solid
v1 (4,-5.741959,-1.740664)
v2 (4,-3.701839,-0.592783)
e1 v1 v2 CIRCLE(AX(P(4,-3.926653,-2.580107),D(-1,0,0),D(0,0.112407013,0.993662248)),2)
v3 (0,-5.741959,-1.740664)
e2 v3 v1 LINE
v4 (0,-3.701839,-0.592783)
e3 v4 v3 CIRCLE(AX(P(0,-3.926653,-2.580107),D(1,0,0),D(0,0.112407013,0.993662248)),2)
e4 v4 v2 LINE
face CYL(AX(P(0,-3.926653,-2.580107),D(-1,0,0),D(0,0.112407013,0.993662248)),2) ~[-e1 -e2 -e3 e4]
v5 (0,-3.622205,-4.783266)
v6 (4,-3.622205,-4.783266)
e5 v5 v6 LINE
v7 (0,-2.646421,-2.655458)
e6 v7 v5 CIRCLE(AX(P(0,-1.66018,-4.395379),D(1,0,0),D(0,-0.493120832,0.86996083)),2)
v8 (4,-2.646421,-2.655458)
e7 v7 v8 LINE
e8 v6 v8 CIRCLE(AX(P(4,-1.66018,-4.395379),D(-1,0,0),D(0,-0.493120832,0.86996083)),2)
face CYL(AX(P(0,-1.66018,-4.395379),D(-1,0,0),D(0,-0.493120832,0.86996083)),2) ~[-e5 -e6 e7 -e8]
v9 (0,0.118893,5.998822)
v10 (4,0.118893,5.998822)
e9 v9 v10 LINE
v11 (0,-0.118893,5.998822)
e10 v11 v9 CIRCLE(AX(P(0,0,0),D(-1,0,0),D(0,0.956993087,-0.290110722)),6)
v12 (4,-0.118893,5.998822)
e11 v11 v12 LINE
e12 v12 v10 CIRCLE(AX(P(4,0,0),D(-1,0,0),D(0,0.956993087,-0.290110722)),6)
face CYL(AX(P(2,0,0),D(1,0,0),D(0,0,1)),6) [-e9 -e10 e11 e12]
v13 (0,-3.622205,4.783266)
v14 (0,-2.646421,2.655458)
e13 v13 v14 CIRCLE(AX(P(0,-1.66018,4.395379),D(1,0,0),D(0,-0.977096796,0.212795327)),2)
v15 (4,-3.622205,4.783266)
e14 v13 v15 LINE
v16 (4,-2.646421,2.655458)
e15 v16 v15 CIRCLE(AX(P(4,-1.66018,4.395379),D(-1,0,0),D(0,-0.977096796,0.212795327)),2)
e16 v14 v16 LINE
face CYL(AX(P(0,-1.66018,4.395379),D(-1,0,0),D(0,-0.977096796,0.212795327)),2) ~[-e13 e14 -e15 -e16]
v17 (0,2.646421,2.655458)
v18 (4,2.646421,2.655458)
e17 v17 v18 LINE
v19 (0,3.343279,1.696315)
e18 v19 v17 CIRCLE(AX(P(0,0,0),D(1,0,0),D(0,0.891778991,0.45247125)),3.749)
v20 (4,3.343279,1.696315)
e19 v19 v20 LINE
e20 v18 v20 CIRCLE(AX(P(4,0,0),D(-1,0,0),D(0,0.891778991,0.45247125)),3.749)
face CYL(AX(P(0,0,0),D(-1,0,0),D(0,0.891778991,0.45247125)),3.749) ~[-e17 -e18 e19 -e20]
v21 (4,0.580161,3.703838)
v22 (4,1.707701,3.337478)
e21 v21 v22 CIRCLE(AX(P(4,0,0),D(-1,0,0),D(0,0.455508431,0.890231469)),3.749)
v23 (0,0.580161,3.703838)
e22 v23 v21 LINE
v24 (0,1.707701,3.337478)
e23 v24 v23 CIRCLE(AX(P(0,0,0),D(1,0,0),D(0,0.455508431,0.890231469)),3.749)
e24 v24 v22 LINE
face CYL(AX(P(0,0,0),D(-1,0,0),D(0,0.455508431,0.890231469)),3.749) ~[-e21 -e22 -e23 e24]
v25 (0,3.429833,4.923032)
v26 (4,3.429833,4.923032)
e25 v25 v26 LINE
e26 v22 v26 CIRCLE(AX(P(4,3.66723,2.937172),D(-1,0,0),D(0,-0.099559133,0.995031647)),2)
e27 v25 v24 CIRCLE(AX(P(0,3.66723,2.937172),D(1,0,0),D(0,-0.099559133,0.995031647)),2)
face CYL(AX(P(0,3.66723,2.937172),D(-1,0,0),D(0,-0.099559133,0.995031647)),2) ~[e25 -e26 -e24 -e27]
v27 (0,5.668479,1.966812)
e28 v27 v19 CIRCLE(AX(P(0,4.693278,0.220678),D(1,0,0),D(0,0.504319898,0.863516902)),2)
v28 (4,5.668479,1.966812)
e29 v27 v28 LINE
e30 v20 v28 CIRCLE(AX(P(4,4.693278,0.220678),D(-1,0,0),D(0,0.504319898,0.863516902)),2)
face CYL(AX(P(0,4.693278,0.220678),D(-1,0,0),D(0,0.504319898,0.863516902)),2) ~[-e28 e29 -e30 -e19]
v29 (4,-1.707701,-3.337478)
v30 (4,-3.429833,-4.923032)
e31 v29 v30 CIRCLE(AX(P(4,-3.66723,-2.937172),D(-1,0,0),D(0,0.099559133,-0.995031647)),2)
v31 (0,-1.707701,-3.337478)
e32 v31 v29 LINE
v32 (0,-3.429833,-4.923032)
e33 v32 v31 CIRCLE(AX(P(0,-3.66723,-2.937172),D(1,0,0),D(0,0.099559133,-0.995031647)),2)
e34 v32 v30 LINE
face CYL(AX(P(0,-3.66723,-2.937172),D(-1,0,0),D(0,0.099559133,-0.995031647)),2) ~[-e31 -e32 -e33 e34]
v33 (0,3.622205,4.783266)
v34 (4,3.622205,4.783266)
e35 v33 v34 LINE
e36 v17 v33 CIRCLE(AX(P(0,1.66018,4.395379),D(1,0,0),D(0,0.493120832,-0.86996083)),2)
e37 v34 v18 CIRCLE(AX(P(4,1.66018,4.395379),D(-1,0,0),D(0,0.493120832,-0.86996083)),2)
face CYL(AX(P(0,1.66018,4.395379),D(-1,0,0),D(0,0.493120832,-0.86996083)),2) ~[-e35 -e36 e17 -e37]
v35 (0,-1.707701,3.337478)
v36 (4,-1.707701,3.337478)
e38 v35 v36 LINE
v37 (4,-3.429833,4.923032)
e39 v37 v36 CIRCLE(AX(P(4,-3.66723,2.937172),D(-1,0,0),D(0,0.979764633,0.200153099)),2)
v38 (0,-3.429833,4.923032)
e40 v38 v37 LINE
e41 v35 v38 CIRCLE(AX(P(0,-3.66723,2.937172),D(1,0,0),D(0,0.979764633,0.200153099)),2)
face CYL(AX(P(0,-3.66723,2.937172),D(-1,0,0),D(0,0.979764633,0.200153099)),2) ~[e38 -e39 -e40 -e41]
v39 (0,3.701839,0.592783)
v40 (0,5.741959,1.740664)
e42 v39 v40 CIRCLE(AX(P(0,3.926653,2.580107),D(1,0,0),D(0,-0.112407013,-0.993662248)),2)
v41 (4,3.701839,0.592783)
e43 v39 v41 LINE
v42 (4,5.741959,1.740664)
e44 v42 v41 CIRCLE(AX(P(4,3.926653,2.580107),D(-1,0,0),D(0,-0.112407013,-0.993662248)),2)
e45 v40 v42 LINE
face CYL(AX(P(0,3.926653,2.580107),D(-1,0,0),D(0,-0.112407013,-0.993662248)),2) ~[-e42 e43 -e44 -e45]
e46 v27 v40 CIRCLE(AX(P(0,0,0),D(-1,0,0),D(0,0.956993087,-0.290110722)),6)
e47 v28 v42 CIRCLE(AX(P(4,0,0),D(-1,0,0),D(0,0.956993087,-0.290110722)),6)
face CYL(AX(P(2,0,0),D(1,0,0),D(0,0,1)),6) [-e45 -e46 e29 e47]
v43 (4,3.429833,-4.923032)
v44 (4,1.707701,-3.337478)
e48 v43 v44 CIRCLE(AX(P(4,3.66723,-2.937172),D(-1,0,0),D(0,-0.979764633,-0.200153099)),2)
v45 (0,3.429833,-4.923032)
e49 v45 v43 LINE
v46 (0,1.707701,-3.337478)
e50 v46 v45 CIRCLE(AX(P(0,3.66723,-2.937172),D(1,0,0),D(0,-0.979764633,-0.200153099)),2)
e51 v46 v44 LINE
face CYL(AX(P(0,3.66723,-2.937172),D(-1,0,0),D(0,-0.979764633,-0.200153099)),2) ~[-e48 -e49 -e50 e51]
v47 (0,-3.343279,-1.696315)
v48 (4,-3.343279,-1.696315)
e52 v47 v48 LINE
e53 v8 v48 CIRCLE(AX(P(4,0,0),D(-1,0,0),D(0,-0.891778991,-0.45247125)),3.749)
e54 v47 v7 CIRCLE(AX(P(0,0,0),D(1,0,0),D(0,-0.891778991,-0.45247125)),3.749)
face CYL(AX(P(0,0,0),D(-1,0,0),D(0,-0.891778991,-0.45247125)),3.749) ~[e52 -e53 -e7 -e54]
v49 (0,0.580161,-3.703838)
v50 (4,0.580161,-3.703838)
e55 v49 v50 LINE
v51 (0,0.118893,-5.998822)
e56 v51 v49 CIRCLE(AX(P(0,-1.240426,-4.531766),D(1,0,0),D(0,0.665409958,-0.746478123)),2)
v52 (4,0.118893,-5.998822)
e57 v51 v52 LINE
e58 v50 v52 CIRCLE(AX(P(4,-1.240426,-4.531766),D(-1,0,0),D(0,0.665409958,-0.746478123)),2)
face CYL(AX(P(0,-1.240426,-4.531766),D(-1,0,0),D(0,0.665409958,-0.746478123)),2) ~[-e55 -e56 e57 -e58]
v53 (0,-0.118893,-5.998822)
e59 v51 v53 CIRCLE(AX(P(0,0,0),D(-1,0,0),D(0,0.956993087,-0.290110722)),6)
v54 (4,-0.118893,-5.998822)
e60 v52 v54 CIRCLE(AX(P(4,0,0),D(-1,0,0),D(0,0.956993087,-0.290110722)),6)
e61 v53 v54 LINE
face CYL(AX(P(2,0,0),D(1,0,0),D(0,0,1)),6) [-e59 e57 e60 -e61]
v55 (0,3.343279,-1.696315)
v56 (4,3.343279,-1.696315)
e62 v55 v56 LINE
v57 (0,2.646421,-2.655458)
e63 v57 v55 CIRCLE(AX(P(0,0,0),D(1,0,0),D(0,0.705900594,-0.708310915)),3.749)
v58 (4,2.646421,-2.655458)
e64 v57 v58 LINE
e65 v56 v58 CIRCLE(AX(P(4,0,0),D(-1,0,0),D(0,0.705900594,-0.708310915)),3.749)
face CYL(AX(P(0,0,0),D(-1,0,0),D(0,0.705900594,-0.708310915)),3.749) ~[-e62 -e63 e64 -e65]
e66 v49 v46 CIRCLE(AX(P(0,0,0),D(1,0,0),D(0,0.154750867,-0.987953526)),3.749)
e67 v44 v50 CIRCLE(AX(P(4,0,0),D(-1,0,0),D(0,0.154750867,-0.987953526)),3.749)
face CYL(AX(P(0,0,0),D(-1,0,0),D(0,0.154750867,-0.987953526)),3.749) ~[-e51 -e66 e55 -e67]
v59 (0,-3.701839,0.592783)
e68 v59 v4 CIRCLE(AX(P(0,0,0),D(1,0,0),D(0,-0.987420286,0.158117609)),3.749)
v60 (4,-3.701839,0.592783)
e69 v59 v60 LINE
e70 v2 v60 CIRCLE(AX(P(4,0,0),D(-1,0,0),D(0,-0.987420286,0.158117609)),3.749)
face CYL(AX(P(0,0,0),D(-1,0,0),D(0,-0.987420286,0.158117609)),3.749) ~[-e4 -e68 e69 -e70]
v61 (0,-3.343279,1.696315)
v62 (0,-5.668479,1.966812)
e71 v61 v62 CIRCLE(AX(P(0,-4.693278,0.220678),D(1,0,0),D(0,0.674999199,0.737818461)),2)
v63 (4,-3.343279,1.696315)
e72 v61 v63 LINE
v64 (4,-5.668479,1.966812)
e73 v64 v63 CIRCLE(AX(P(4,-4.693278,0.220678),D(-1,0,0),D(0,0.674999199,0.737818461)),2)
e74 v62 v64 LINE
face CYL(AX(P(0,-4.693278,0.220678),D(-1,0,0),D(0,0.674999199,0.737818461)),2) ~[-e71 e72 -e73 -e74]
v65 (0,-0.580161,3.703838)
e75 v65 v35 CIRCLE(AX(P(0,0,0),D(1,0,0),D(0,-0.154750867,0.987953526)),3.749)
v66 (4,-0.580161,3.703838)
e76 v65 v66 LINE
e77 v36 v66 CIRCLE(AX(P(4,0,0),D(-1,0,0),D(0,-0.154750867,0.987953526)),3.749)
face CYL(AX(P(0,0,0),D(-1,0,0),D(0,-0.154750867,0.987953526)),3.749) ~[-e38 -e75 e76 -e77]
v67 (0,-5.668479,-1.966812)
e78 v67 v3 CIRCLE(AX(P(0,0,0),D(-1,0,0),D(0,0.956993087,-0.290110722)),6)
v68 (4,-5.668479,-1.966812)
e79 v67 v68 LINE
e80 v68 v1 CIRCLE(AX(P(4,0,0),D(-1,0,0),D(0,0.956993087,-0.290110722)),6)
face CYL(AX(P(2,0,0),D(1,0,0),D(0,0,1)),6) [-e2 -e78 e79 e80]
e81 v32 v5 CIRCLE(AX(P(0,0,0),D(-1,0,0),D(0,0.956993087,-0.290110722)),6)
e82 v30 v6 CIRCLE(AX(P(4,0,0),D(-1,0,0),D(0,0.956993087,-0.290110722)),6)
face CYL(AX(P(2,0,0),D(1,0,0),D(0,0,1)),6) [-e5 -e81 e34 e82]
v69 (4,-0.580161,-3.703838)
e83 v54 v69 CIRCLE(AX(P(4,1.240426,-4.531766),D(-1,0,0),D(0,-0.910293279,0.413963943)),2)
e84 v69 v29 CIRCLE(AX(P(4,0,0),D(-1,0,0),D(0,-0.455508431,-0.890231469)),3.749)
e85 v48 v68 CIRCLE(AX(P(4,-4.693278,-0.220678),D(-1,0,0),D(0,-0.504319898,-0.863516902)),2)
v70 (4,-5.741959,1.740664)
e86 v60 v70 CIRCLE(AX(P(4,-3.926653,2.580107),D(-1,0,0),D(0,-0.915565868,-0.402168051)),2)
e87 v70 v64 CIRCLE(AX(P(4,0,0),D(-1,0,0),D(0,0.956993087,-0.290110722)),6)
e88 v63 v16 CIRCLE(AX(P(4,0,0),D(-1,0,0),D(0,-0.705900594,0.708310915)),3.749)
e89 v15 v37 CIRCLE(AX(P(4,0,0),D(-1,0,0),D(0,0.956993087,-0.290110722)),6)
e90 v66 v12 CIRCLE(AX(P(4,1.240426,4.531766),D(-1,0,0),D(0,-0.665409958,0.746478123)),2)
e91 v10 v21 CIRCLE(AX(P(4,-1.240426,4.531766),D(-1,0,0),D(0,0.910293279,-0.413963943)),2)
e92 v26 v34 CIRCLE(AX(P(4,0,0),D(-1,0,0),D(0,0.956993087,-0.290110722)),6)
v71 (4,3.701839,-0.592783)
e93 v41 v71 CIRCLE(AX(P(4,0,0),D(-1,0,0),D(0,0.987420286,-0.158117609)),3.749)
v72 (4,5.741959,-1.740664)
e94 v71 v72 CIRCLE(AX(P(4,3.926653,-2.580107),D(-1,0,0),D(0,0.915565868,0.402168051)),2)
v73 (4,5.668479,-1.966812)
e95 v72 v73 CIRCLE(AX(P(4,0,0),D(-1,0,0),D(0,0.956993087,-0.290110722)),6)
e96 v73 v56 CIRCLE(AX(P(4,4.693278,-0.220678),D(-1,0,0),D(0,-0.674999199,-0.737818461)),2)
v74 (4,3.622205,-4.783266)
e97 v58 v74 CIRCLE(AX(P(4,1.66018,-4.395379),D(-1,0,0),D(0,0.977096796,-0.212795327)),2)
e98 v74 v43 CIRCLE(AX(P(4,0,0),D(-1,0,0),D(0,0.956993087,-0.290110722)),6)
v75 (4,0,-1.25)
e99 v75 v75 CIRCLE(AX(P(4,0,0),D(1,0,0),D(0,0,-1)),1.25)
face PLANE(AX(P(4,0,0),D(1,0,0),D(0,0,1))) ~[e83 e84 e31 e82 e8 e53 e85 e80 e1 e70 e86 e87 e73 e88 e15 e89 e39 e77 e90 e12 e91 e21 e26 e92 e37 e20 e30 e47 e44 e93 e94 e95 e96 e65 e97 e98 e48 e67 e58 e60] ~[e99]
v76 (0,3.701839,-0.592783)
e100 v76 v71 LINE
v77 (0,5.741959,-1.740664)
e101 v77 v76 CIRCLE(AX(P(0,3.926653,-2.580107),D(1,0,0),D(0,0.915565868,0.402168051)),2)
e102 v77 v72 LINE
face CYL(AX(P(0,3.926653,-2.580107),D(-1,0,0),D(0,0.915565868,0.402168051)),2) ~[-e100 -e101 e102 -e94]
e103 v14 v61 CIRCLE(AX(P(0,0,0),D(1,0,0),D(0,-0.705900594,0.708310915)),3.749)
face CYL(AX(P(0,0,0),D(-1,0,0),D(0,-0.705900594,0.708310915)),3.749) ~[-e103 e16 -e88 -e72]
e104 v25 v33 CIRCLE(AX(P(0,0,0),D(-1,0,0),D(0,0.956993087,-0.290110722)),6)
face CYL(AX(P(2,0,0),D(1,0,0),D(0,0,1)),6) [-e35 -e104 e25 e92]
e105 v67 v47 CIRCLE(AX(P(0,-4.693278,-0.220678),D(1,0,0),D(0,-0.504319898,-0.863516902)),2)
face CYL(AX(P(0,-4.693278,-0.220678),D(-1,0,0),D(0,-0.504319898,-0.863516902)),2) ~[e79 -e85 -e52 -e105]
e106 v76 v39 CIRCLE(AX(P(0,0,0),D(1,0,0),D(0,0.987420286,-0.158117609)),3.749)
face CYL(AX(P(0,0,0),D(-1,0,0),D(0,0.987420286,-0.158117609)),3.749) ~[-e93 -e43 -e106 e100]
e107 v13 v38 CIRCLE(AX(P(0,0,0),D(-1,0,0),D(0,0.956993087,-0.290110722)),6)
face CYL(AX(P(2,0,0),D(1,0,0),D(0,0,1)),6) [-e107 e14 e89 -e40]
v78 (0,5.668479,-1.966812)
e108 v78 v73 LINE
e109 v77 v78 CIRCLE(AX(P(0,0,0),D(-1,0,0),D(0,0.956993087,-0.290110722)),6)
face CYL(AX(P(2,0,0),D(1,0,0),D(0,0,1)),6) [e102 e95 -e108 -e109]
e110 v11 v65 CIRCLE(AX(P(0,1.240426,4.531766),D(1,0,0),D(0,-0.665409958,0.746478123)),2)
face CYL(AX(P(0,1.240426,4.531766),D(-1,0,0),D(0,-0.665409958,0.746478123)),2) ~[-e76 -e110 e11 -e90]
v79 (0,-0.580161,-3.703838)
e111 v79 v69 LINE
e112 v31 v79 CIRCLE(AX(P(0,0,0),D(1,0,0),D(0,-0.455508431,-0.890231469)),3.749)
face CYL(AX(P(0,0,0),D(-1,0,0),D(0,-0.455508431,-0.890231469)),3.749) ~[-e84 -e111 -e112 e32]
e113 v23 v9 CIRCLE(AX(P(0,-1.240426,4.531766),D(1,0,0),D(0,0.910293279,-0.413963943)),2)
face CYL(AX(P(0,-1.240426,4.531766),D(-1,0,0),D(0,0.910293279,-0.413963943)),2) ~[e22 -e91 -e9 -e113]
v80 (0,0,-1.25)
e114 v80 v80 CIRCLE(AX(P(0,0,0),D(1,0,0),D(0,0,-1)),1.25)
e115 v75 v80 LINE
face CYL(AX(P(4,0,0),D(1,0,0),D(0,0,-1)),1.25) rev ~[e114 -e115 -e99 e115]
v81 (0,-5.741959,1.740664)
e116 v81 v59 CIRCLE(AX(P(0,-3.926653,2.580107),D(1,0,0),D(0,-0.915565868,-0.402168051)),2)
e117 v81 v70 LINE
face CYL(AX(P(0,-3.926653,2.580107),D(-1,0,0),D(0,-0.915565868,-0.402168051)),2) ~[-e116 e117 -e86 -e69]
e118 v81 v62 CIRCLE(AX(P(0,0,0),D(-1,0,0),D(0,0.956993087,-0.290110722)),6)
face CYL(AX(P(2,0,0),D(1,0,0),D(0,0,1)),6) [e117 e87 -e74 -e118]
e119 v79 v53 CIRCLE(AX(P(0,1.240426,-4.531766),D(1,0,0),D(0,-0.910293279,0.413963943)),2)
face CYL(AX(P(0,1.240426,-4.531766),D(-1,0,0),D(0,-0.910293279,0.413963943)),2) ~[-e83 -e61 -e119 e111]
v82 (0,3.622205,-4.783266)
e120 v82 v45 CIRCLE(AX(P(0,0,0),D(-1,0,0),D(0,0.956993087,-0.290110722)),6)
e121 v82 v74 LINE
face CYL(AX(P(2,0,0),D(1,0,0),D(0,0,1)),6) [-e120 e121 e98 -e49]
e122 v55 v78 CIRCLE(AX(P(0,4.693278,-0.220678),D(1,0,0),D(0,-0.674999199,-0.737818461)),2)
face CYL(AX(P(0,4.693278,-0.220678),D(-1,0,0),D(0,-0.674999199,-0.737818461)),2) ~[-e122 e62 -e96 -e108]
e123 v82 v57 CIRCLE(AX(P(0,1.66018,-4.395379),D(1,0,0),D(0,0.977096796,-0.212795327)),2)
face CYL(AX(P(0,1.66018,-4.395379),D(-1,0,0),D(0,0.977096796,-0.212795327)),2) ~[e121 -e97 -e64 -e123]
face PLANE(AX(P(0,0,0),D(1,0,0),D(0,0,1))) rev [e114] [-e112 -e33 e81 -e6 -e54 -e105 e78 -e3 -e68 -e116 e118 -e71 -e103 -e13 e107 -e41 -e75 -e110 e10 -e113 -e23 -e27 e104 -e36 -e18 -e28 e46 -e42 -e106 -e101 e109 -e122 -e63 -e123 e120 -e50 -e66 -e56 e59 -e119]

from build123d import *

# Parameters (mm, degrees)
BASPROSKE_W         = 4
BASPROSKE_H         = 6
TOOTHCUT_DEPTH      = 10.38083152
TEETHCUTS_COUNT     = 10
BORSKE_R            = 1
BORE_DEPTH          = 50.0000508
SKETCH_1_R          = 1.25
CUT_EXTRUDE_1_DEPTH = 10


with BuildPart() as part:
    # BasProSke → Base-Revolve (revolve)
    with BuildSketch(Plane(origin=(0, 0, 0), x_dir=(1, 0, 0), z_dir=(0, 1, 0)), mode=Mode.PRIVATE) as base_revolve_sk:
        with Locations((2, 3)):
            Rectangle(BASPROSKE_W, BASPROSKE_H)
    revolve(base_revolve_sk.sketch.rotate(Axis((-10, 0, 0), (1, 0, 0)), 180), axis=Axis((-10, 0, 0), (1, 0, 0)))

    # TooCutSke → ToothCut (cut, through all)
    with BuildSketch(Plane(origin=(0, 0, 0), x_dir=(0, 0, -1), z_dir=(1, 0, 0))):
        with BuildLine():
            ThreePointArc((0.59278292, 3.701838653), (0, 3.749), (-0.59278292, 3.701838653))
            ThreePointArc((-0.59278292, 3.701838653), (-0.846593509, 4.924114224), (-1.775771316, 5.757784417))
            ThreePointArc((-1.775771316, 5.757784417), (0, 6.0254), (1.775771316, 5.757784417))
            ThreePointArc((1.775771316, 5.757784417), (0.846593509, 4.924114224), (0.59278292, 3.701838653))
        make_face()
    toothcut = extrude(amount=TOOTHCUT_DEPTH, mode=Mode.SUBTRACT)

    # TeethCuts: ToothCut ×10 about axis
    teethcuts_axis = Axis((0, 0, 0), (1, 0, 0))
    for i in range(1, TEETHCUTS_COUNT):
        add(toothcut.rotate(teethcuts_axis, i * 360 / TEETHCUTS_COUNT), mode=Mode.SUBTRACT)

    # BorSke → Bore (cut, symmetric)
    with BuildSketch(Plane(origin=(0, 0, 0), x_dir=(0, 0, -1), z_dir=(1, 0, 0))):
        with Locations(Location((0, 0, 0), (0, 0, 180))):
            Circle(BORSKE_R)
    extrude(amount=BORE_DEPTH, both=True, mode=Mode.SUBTRACT)

    # 草图1 → 切除-拉伸1 (cut)
    with BuildSketch(Plane(origin=(4, 0, 0), x_dir=(0, 0, -1), z_dir=(1, 0, 0))):
        Circle(SKETCH_1_R)
    extrude(amount=-CUT_EXTRUDE_1_DEPTH, mode=Mode.SUBTRACT)


solid = part.part
